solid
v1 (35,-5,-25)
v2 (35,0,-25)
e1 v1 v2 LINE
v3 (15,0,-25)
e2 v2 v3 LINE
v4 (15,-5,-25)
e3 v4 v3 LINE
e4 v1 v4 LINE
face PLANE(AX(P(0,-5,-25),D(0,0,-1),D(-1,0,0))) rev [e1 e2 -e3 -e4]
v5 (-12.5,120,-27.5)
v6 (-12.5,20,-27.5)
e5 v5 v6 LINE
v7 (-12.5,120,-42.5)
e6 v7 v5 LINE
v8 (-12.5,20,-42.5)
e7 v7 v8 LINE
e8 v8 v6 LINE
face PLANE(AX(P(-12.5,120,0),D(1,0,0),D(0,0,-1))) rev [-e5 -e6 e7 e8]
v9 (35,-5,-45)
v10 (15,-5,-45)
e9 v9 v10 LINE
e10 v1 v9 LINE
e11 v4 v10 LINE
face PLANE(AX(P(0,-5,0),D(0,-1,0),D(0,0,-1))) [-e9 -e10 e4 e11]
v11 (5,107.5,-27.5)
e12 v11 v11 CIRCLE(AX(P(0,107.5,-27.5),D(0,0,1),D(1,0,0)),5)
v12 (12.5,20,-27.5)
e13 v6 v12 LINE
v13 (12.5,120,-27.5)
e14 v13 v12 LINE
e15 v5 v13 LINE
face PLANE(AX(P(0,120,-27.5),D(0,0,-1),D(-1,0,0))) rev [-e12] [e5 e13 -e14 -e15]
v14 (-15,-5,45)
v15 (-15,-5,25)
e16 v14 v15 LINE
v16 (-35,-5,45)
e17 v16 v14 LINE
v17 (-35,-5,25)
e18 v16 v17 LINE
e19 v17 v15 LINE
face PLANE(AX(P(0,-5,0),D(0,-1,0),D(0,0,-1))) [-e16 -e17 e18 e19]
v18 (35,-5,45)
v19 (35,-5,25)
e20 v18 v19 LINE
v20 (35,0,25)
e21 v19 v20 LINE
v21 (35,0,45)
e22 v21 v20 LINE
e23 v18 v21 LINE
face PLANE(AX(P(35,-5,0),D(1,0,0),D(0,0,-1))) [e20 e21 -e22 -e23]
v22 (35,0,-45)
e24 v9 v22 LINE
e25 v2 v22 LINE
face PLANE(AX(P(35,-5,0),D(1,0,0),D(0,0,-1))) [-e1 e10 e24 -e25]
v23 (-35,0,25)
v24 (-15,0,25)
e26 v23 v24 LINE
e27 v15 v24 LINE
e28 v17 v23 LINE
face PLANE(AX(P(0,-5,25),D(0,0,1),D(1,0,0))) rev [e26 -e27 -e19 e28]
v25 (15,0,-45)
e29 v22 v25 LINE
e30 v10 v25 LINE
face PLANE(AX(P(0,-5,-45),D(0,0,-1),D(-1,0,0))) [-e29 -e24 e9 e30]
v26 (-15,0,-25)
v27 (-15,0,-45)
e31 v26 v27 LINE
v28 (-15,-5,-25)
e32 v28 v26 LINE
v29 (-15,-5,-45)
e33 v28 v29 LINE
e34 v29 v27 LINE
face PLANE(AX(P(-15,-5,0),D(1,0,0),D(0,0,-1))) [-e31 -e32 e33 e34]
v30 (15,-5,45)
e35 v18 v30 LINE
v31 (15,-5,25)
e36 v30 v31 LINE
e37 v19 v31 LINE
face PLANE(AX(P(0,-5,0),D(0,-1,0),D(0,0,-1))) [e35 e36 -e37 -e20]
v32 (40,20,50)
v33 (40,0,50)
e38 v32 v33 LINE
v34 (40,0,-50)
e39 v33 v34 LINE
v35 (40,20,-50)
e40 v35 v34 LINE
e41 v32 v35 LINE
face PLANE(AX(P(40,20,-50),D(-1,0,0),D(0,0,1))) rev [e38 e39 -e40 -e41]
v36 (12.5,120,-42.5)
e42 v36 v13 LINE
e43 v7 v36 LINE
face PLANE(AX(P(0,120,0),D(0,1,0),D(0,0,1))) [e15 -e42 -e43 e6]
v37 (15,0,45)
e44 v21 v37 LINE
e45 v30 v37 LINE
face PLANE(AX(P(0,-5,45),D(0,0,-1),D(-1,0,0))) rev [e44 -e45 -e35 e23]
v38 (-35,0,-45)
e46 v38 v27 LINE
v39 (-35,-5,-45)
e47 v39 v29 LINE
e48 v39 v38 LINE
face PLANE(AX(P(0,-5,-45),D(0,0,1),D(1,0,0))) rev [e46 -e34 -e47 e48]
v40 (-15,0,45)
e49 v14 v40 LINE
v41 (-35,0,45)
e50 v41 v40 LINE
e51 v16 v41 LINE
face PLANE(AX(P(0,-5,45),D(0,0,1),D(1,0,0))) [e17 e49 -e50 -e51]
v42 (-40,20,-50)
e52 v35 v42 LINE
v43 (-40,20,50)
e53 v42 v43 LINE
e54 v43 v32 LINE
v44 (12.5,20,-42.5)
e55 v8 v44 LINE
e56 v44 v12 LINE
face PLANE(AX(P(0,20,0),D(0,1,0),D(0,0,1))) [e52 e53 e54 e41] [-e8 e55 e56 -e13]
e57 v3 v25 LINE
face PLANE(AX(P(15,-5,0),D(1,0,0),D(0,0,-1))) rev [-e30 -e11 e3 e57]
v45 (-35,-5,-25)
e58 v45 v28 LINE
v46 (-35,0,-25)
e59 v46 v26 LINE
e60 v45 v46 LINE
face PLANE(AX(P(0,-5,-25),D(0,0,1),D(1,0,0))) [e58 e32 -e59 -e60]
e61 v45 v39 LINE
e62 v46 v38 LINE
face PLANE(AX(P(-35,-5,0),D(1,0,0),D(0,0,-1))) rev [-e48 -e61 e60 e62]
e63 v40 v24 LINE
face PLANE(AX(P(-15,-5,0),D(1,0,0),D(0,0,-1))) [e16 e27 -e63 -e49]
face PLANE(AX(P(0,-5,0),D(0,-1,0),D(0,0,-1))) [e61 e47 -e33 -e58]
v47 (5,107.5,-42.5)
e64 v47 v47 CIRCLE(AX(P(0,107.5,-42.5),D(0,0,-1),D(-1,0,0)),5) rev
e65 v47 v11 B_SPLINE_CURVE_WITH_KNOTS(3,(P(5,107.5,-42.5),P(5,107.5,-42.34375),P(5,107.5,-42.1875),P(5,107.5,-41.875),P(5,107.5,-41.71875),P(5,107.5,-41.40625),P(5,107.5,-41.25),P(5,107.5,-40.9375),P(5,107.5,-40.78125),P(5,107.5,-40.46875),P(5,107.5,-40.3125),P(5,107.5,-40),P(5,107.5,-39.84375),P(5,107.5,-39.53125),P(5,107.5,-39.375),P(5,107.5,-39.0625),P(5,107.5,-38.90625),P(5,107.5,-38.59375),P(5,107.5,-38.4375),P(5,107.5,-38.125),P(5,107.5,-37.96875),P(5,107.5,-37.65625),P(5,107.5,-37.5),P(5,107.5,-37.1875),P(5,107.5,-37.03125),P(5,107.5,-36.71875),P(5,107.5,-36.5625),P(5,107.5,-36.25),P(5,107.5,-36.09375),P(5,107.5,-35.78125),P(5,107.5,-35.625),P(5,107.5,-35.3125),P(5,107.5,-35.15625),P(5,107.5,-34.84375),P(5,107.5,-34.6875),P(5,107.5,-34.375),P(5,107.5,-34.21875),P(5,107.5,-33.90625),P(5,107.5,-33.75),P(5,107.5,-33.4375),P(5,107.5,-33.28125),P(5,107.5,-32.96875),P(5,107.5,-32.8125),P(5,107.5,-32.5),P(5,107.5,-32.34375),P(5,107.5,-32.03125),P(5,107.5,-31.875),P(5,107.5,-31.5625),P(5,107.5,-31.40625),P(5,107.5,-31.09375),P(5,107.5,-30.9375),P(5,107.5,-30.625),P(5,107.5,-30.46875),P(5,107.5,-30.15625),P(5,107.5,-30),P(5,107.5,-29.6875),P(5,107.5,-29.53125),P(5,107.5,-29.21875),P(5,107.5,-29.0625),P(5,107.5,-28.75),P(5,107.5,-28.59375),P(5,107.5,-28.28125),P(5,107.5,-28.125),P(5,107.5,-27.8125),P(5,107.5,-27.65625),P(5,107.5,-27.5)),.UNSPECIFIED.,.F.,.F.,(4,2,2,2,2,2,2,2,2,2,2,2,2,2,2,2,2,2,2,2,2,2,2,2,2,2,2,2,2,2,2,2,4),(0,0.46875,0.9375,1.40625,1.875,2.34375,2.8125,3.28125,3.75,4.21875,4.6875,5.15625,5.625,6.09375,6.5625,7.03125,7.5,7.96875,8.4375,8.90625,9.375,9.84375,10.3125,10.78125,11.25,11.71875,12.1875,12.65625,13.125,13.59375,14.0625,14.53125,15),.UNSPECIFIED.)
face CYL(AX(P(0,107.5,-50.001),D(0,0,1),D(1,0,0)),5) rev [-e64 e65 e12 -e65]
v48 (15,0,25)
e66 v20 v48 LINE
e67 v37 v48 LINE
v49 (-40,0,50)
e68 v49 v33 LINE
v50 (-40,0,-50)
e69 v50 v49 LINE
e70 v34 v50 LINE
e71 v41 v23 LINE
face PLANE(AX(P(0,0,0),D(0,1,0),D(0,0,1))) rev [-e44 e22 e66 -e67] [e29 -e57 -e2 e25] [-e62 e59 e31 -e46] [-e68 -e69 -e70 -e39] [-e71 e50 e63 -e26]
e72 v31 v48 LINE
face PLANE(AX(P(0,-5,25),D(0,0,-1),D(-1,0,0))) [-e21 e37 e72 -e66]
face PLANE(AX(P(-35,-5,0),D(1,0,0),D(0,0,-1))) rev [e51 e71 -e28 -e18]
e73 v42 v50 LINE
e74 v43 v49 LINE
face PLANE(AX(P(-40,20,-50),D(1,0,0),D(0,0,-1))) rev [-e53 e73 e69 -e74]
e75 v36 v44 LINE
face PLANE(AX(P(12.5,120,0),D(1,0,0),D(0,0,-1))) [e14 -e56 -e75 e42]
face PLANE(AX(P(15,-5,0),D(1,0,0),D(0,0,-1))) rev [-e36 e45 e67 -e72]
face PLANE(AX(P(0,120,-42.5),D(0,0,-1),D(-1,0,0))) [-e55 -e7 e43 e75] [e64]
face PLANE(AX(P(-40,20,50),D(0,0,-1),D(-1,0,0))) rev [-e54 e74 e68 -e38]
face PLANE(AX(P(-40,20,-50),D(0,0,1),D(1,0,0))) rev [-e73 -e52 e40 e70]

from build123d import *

# Parameters (mm, degrees)
SKETCH1_W           = 80
SKETCH1_H           = 100
BOSS_EXTRUDE2_DEPTH = 20
SKETCH2_W           = 25
SKETCH2_H           = 15
BOSS_EXTRUDE3_DEPTH = 100
CUT_EXTRUDE1_REACH  = 150.345
SKETCH3_R           = 5
SKETCH4_W           = 20
SKETCH4_H           = 20
BOSS_EXTRUDE4_DEPTH = 5


with BuildPart() as part:
    # Sketch1 → Boss-Extrude2 (new body)
    with BuildSketch(Plane(origin=(0, 0, 0), x_dir=(1, 0, 0), z_dir=(0, 1, 0))):
        Rectangle(SKETCH1_W, SKETCH1_H)
    extrude(amount=BOSS_EXTRUDE2_DEPTH)

    # Sketch2 → Boss-Extrude3 (add)
    with BuildSketch(Plane(origin=(0, 20, 0), x_dir=(1, 0, 0), z_dir=(0, 1, 0))):
        with Locations((0, 35)):
            Rectangle(SKETCH2_W, SKETCH2_H)
    extrude(amount=BOSS_EXTRUDE3_DEPTH)

    # Sketch3 → Cut-Extrude1 (cut, up to next)
    with BuildSketch(Plane.XY.offset(-27.5), mode=Mode.PRIVATE) as cut_extrude1_sk1:
        with Locations((0, 107.5)):
            Circle(SKETCH3_R)
    cut_extrude1_tool1 = extrude(cut_extrude1_sk1.sketch, amount=-CUT_EXTRUDE1_REACH, mode=Mode.PRIVATE) & part.part
    add(cut_extrude1_tool1.solids().sort_by_distance((0, 107.5, -27.5))[0], mode=Mode.SUBTRACT)

    # Sketch4 → Boss-Extrude4 (add)
    with BuildSketch(Plane.XZ):
        with Locations((-25, 35)):
            Rectangle(SKETCH4_W, SKETCH4_H)
        with Locations((25, 35)):
            Rectangle(SKETCH4_W, SKETCH4_H)
        with Locations((25, -35)):
            Rectangle(SKETCH4_W, SKETCH4_H)
        with Locations((-25, -35)):
            Rectangle(SKETCH4_W, SKETCH4_H)
    extrude(amount=BOSS_EXTRUDE4_DEPTH)


solid = part.part
